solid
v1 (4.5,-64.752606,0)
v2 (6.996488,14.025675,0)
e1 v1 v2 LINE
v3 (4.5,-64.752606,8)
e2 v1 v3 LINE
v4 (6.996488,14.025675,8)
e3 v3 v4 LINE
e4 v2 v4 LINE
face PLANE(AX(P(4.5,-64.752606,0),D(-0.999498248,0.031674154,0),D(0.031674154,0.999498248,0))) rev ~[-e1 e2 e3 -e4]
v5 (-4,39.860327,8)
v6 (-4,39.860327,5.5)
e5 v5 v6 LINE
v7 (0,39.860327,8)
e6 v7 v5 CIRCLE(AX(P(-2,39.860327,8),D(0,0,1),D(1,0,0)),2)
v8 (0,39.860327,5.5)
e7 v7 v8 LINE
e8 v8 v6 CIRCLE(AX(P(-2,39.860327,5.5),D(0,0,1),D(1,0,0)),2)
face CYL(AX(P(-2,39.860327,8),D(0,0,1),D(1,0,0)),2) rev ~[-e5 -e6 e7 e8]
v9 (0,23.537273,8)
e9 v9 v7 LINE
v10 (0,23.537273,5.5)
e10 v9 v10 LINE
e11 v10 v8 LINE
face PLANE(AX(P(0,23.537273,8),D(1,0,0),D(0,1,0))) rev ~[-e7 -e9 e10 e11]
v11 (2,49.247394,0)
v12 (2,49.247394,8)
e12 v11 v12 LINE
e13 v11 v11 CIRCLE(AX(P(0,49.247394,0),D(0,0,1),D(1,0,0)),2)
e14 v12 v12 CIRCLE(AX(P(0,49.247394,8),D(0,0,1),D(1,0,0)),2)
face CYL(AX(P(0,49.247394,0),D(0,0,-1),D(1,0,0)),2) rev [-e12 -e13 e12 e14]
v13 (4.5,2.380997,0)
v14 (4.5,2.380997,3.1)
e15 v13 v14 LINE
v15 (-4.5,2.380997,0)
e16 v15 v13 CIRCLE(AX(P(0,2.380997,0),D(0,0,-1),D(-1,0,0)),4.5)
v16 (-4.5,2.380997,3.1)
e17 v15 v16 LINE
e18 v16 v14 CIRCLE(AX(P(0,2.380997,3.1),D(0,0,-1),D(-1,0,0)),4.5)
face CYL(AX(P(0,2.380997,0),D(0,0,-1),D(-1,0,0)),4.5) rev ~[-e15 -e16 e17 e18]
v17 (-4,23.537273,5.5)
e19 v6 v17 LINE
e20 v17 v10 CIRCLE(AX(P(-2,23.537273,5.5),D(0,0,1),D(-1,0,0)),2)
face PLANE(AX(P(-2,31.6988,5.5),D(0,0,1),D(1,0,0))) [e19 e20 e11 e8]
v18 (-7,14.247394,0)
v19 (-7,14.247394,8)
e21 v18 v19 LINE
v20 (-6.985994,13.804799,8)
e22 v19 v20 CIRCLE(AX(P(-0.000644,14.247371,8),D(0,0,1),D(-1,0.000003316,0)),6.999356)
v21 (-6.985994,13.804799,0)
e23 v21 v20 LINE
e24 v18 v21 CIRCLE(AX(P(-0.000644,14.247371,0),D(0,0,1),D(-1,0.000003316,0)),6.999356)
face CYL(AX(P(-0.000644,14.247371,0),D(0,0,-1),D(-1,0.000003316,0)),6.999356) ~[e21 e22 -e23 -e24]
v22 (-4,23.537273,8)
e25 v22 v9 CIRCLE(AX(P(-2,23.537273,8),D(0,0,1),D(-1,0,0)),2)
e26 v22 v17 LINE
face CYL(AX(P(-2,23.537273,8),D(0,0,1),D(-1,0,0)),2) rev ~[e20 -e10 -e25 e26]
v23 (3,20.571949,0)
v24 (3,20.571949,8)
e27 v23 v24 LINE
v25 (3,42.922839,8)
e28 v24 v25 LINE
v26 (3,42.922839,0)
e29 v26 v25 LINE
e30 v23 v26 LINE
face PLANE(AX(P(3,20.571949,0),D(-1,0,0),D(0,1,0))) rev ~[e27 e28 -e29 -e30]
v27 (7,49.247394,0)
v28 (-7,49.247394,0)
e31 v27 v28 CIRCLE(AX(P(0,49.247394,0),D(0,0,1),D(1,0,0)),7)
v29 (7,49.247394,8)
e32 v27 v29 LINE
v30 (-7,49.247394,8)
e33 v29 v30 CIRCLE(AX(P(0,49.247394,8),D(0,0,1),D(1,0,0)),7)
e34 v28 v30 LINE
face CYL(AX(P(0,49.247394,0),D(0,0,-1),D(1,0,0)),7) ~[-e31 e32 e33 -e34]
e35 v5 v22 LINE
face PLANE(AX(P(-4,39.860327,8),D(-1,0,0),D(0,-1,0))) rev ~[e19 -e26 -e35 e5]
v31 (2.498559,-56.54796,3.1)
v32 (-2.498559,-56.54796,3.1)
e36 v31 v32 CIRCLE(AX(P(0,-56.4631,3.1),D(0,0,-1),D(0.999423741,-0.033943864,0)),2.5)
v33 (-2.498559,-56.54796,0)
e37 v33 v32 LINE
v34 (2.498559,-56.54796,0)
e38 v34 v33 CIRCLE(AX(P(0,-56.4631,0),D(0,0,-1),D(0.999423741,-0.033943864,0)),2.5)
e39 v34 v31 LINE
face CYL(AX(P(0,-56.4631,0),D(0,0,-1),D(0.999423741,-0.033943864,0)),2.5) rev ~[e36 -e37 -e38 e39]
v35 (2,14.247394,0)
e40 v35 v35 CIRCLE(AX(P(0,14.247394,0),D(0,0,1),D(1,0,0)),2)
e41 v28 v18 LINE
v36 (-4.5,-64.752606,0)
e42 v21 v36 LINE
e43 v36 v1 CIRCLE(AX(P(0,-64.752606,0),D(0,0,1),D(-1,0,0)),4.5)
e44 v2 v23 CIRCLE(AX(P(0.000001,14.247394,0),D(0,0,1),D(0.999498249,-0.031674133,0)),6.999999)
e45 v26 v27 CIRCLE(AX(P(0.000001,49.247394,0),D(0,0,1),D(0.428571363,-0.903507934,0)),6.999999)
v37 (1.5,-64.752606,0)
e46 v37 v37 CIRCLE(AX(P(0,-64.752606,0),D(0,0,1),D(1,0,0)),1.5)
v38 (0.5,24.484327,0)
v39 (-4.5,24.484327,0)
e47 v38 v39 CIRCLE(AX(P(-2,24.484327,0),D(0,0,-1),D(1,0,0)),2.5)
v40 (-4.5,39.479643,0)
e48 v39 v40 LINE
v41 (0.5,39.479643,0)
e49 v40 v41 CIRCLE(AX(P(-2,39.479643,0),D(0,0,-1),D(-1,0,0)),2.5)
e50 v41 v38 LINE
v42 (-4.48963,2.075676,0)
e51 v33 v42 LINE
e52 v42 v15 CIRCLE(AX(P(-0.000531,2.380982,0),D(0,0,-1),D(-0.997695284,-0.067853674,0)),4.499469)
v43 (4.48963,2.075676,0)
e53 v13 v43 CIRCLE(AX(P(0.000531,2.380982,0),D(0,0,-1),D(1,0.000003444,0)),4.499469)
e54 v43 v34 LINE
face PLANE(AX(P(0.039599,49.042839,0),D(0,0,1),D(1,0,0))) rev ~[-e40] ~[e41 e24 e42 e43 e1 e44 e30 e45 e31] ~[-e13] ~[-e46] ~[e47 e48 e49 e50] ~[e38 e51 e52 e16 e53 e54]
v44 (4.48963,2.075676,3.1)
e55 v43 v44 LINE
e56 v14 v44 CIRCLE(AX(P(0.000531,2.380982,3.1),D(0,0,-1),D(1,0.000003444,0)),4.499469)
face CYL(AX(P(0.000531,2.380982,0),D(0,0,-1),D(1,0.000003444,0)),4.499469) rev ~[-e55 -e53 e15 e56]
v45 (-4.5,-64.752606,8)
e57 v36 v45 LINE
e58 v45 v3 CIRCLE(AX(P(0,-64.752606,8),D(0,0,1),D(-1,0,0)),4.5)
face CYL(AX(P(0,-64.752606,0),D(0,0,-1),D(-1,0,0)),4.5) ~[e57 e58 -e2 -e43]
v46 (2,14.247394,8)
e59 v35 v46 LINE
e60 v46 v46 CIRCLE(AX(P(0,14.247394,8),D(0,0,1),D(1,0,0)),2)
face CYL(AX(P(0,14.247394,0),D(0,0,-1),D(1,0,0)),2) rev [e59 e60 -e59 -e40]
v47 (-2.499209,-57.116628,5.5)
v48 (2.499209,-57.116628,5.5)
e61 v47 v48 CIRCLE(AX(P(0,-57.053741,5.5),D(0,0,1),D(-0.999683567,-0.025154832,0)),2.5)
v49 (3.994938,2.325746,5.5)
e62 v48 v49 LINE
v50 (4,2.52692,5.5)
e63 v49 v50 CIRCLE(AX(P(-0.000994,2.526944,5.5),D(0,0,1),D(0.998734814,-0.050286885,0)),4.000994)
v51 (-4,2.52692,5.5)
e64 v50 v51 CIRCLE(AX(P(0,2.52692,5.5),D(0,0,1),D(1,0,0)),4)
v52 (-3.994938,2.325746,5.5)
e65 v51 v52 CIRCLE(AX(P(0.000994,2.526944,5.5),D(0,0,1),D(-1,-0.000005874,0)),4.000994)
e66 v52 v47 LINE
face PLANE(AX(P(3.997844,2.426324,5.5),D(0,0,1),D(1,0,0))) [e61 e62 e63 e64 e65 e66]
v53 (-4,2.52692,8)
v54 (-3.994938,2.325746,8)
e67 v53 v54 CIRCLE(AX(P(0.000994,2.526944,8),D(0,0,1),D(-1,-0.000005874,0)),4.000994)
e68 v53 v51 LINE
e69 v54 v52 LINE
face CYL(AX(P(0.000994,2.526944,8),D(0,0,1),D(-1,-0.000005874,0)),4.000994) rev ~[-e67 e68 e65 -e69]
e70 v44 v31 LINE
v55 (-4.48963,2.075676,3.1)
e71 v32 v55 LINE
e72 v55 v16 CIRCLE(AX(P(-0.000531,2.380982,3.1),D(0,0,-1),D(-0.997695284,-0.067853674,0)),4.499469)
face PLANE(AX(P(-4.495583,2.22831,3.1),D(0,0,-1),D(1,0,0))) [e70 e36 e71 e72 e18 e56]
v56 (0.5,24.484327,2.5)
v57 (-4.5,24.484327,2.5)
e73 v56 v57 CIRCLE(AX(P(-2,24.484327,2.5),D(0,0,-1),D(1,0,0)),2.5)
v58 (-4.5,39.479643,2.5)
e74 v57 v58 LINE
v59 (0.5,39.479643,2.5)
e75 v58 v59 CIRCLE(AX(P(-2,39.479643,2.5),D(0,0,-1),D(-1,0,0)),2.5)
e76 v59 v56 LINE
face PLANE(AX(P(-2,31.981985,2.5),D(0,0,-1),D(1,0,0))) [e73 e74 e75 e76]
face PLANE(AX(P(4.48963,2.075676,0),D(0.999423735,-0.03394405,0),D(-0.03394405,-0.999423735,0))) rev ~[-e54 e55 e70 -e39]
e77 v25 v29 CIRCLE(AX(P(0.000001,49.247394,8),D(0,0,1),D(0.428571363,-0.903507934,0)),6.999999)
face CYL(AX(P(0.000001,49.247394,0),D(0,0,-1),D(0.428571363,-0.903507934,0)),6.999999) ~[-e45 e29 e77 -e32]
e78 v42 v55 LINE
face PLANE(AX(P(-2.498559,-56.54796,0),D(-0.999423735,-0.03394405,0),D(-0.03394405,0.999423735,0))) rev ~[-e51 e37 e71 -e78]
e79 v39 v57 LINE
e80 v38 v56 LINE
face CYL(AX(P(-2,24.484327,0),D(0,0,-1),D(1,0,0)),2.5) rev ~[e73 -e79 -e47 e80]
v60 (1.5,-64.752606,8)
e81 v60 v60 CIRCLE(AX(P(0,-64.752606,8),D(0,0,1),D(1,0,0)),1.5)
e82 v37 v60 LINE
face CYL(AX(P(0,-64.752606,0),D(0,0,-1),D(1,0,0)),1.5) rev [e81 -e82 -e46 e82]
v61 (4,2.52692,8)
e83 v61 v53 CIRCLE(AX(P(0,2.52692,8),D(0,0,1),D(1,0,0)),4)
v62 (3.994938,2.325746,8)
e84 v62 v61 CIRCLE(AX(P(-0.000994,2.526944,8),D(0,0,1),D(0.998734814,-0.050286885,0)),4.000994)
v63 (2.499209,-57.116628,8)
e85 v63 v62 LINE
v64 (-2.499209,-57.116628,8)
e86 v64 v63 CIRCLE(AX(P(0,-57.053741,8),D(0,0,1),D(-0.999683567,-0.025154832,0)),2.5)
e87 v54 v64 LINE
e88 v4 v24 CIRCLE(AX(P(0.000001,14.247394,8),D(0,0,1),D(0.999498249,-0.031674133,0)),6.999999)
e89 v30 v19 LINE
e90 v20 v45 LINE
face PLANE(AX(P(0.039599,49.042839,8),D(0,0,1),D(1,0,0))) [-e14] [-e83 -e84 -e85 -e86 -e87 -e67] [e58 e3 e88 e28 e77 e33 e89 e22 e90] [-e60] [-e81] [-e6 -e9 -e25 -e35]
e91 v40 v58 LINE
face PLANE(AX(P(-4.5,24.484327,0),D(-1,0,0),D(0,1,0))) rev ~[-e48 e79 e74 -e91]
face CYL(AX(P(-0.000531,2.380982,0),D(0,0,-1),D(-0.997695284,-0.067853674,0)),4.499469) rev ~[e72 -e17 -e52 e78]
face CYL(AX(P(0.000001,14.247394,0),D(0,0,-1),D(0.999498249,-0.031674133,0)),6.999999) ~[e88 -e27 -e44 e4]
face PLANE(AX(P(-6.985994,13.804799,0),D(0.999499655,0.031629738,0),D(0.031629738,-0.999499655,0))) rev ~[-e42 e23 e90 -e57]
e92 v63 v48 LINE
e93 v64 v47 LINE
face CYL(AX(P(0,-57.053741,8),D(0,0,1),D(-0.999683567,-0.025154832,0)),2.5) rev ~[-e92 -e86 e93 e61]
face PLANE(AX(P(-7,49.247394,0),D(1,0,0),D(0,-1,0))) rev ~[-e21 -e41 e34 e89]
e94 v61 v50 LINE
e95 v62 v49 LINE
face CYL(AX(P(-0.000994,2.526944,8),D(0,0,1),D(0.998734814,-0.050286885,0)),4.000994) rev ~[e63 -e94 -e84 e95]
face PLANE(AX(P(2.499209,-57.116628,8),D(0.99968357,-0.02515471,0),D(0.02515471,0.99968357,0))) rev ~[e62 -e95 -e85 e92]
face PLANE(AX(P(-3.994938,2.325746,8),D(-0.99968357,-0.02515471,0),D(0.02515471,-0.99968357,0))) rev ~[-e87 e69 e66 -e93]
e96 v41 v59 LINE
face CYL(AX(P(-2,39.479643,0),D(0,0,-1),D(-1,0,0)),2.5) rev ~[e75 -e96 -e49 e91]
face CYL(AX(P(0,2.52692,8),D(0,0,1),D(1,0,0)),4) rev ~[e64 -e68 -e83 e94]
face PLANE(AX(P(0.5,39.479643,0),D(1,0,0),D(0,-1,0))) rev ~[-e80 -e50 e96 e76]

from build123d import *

# Parameters (mm, degrees)
F0_R     = 2
F0_R_2   = 1.5
F1_DEPTH = 8
F3_DEPTH = 2.5
F5_DEPTH = 2.5
F7_DEPTH = 2.5
F9_DEPTH = 3.1


with BuildPart() as f1:
    # F0 (on Top) → F1 (new body)
    with BuildSketch(Plane.XY):
        with BuildLine():
            ThreePointArc((3, 42.922839), (5.91608, 45.505737), (7, 49.247394))
            ThreePointArc((7, 49.247394), (0, 56.247394), (-7, 49.247394))
            ThreePointArc((-7, 49.247394), (-3.741657, 43.331314), (3, 42.922839))
        make_face()
        with Locations((0, 49.247394)):
            Circle(F0_R, mode=Mode.SUBTRACT)
        with BuildLine():
            ThreePointArc((3, 42.922839), (-3.741657, 43.331314), (-7, 49.247394))
            Line((-7, 49.247394), (-7, 14.247394))
            Line((-7, 14.247394), (-6.985994, 13.804799))
            Line((-6.985994, 13.804799), (-4.5, -64.752606))
            ThreePointArc((-4.5, -64.752606), (0, -69.252606), (4.5, -64.752606))
            Line((4.5, -64.752606), (6.996488, 14.025675))
            ThreePointArc((6.996488, 14.025675), (5.974602, 17.894877), (3, 20.571949))
            Line((3, 20.571949), (3, 42.922839))
        make_face()
        with Locations((0, -64.752606)):
            Circle(F0_R_2, mode=Mode.SUBTRACT)
        with Locations((0, 14.247394)):
            Circle(F0_R, mode=Mode.SUBTRACT)
        with BuildLine():
            Line((-6.985994, 13.804799), (-7, 14.247394))
            ThreePointArc((-7, 14.247394), (-6.996498, 14.025986), (-6.985994, 13.804799))
        make_face()
    extrude(amount=F1_DEPTH)

    # F2 (on face) → F3 (cut)
    with BuildSketch(Plane.XY.offset(8)):
        with BuildLine():
            Line((4, 2.52692), (3.994938, 2.325746))
            ThreePointArc((3.994938, 2.325746), (3.998734, 2.426301), (4, 2.52692))
        make_face()
        with BuildLine():
            Line((2.499209, -57.116628), (3.994938, 2.325746))
            Line((3.994938, 2.325746), (4, 2.52692))
            ThreePointArc((4, 2.52692), (0, 6.52692), (-4, 2.52692))
            Line((-4, 2.52692), (-3.994938, 2.325746))
            Line((-3.994938, 2.325746), (-2.499209, -57.116628))
            ThreePointArc((-2.499209, -57.116628), (0, -59.553741), (2.499209, -57.116628))
        make_face()
        with BuildLine():
            Line((-3.994938, 2.325746), (-4, 2.52692))
            ThreePointArc((-4, 2.52692), (-3.998734, 2.426301), (-3.994938, 2.325746))
        make_face()
    extrude(amount=-F3_DEPTH, mode=Mode.SUBTRACT)

    # F4 (on face) → F5 (cut)
    with BuildSketch(Plane.XY.offset(8)):
        with BuildLine():
            Line((0, 23.537273), (0, 39.860327))
            ThreePointArc((0, 39.860327), (-2, 41.860327), (-4, 39.860327))
            Line((-4, 39.860327), (-4, 23.537273))
            ThreePointArc((-4, 23.537273), (-2, 21.537273), (0, 23.537273))
        make_face()
    extrude(amount=-F5_DEPTH, mode=Mode.SUBTRACT)

    # F6 (on face) → F7 (cut)
    with BuildSketch(Plane(origin=(0, 0, 0), x_dir=(1, 0, 0), z_dir=(0, 0, -1))):
        with BuildLine():
            Line((-4.5, -24.484327), (-4.5, -39.479643))
            ThreePointArc((-4.5, -39.479643), (-2, -41.979643), (0.5, -39.479643))
            Line((0.5, -39.479643), (0.5, -24.484327))
            ThreePointArc((0.5, -24.484327), (-2, -21.984327), (-4.5, -24.484327))
        make_face()
    extrude(amount=-F7_DEPTH, mode=Mode.SUBTRACT)

    # F8 (on face) → F9 (cut)
    with BuildSketch(Plane(origin=(0, 0, 0), x_dir=(1, 0, 0), z_dir=(0, 0, -1))):
        with BuildLine():
            Line((-4.5, -2.380997), (-4.48963, -2.075676))
            ThreePointArc((-4.48963, -2.075676), (-4.497407, -2.228248), (-4.5, -2.380997))
        make_face()
        with BuildLine():
            Line((-2.498559, 56.54796), (-4.48963, -2.075676))
            Line((-4.48963, -2.075676), (-4.5, -2.380997))
            ThreePointArc((-4.5, -2.380997), (0, -6.880997), (4.5, -2.380997))
            Line((4.5, -2.380997), (4.48963, -2.075676))
            Line((4.48963, -2.075676), (2.498559, 56.54796))
            ThreePointArc((2.498559, 56.54796), (0, 58.9631), (-2.498559, 56.54796))
        make_face()
        with BuildLine():
            Line((4.48963, -2.075676), (4.5, -2.380997))
            ThreePointArc((4.5, -2.380997), (4.497407, -2.228248), (4.48963, -2.075676))
        make_face()
    extrude(amount=-F9_DEPTH, mode=Mode.SUBTRACT)


solid = f1.part
